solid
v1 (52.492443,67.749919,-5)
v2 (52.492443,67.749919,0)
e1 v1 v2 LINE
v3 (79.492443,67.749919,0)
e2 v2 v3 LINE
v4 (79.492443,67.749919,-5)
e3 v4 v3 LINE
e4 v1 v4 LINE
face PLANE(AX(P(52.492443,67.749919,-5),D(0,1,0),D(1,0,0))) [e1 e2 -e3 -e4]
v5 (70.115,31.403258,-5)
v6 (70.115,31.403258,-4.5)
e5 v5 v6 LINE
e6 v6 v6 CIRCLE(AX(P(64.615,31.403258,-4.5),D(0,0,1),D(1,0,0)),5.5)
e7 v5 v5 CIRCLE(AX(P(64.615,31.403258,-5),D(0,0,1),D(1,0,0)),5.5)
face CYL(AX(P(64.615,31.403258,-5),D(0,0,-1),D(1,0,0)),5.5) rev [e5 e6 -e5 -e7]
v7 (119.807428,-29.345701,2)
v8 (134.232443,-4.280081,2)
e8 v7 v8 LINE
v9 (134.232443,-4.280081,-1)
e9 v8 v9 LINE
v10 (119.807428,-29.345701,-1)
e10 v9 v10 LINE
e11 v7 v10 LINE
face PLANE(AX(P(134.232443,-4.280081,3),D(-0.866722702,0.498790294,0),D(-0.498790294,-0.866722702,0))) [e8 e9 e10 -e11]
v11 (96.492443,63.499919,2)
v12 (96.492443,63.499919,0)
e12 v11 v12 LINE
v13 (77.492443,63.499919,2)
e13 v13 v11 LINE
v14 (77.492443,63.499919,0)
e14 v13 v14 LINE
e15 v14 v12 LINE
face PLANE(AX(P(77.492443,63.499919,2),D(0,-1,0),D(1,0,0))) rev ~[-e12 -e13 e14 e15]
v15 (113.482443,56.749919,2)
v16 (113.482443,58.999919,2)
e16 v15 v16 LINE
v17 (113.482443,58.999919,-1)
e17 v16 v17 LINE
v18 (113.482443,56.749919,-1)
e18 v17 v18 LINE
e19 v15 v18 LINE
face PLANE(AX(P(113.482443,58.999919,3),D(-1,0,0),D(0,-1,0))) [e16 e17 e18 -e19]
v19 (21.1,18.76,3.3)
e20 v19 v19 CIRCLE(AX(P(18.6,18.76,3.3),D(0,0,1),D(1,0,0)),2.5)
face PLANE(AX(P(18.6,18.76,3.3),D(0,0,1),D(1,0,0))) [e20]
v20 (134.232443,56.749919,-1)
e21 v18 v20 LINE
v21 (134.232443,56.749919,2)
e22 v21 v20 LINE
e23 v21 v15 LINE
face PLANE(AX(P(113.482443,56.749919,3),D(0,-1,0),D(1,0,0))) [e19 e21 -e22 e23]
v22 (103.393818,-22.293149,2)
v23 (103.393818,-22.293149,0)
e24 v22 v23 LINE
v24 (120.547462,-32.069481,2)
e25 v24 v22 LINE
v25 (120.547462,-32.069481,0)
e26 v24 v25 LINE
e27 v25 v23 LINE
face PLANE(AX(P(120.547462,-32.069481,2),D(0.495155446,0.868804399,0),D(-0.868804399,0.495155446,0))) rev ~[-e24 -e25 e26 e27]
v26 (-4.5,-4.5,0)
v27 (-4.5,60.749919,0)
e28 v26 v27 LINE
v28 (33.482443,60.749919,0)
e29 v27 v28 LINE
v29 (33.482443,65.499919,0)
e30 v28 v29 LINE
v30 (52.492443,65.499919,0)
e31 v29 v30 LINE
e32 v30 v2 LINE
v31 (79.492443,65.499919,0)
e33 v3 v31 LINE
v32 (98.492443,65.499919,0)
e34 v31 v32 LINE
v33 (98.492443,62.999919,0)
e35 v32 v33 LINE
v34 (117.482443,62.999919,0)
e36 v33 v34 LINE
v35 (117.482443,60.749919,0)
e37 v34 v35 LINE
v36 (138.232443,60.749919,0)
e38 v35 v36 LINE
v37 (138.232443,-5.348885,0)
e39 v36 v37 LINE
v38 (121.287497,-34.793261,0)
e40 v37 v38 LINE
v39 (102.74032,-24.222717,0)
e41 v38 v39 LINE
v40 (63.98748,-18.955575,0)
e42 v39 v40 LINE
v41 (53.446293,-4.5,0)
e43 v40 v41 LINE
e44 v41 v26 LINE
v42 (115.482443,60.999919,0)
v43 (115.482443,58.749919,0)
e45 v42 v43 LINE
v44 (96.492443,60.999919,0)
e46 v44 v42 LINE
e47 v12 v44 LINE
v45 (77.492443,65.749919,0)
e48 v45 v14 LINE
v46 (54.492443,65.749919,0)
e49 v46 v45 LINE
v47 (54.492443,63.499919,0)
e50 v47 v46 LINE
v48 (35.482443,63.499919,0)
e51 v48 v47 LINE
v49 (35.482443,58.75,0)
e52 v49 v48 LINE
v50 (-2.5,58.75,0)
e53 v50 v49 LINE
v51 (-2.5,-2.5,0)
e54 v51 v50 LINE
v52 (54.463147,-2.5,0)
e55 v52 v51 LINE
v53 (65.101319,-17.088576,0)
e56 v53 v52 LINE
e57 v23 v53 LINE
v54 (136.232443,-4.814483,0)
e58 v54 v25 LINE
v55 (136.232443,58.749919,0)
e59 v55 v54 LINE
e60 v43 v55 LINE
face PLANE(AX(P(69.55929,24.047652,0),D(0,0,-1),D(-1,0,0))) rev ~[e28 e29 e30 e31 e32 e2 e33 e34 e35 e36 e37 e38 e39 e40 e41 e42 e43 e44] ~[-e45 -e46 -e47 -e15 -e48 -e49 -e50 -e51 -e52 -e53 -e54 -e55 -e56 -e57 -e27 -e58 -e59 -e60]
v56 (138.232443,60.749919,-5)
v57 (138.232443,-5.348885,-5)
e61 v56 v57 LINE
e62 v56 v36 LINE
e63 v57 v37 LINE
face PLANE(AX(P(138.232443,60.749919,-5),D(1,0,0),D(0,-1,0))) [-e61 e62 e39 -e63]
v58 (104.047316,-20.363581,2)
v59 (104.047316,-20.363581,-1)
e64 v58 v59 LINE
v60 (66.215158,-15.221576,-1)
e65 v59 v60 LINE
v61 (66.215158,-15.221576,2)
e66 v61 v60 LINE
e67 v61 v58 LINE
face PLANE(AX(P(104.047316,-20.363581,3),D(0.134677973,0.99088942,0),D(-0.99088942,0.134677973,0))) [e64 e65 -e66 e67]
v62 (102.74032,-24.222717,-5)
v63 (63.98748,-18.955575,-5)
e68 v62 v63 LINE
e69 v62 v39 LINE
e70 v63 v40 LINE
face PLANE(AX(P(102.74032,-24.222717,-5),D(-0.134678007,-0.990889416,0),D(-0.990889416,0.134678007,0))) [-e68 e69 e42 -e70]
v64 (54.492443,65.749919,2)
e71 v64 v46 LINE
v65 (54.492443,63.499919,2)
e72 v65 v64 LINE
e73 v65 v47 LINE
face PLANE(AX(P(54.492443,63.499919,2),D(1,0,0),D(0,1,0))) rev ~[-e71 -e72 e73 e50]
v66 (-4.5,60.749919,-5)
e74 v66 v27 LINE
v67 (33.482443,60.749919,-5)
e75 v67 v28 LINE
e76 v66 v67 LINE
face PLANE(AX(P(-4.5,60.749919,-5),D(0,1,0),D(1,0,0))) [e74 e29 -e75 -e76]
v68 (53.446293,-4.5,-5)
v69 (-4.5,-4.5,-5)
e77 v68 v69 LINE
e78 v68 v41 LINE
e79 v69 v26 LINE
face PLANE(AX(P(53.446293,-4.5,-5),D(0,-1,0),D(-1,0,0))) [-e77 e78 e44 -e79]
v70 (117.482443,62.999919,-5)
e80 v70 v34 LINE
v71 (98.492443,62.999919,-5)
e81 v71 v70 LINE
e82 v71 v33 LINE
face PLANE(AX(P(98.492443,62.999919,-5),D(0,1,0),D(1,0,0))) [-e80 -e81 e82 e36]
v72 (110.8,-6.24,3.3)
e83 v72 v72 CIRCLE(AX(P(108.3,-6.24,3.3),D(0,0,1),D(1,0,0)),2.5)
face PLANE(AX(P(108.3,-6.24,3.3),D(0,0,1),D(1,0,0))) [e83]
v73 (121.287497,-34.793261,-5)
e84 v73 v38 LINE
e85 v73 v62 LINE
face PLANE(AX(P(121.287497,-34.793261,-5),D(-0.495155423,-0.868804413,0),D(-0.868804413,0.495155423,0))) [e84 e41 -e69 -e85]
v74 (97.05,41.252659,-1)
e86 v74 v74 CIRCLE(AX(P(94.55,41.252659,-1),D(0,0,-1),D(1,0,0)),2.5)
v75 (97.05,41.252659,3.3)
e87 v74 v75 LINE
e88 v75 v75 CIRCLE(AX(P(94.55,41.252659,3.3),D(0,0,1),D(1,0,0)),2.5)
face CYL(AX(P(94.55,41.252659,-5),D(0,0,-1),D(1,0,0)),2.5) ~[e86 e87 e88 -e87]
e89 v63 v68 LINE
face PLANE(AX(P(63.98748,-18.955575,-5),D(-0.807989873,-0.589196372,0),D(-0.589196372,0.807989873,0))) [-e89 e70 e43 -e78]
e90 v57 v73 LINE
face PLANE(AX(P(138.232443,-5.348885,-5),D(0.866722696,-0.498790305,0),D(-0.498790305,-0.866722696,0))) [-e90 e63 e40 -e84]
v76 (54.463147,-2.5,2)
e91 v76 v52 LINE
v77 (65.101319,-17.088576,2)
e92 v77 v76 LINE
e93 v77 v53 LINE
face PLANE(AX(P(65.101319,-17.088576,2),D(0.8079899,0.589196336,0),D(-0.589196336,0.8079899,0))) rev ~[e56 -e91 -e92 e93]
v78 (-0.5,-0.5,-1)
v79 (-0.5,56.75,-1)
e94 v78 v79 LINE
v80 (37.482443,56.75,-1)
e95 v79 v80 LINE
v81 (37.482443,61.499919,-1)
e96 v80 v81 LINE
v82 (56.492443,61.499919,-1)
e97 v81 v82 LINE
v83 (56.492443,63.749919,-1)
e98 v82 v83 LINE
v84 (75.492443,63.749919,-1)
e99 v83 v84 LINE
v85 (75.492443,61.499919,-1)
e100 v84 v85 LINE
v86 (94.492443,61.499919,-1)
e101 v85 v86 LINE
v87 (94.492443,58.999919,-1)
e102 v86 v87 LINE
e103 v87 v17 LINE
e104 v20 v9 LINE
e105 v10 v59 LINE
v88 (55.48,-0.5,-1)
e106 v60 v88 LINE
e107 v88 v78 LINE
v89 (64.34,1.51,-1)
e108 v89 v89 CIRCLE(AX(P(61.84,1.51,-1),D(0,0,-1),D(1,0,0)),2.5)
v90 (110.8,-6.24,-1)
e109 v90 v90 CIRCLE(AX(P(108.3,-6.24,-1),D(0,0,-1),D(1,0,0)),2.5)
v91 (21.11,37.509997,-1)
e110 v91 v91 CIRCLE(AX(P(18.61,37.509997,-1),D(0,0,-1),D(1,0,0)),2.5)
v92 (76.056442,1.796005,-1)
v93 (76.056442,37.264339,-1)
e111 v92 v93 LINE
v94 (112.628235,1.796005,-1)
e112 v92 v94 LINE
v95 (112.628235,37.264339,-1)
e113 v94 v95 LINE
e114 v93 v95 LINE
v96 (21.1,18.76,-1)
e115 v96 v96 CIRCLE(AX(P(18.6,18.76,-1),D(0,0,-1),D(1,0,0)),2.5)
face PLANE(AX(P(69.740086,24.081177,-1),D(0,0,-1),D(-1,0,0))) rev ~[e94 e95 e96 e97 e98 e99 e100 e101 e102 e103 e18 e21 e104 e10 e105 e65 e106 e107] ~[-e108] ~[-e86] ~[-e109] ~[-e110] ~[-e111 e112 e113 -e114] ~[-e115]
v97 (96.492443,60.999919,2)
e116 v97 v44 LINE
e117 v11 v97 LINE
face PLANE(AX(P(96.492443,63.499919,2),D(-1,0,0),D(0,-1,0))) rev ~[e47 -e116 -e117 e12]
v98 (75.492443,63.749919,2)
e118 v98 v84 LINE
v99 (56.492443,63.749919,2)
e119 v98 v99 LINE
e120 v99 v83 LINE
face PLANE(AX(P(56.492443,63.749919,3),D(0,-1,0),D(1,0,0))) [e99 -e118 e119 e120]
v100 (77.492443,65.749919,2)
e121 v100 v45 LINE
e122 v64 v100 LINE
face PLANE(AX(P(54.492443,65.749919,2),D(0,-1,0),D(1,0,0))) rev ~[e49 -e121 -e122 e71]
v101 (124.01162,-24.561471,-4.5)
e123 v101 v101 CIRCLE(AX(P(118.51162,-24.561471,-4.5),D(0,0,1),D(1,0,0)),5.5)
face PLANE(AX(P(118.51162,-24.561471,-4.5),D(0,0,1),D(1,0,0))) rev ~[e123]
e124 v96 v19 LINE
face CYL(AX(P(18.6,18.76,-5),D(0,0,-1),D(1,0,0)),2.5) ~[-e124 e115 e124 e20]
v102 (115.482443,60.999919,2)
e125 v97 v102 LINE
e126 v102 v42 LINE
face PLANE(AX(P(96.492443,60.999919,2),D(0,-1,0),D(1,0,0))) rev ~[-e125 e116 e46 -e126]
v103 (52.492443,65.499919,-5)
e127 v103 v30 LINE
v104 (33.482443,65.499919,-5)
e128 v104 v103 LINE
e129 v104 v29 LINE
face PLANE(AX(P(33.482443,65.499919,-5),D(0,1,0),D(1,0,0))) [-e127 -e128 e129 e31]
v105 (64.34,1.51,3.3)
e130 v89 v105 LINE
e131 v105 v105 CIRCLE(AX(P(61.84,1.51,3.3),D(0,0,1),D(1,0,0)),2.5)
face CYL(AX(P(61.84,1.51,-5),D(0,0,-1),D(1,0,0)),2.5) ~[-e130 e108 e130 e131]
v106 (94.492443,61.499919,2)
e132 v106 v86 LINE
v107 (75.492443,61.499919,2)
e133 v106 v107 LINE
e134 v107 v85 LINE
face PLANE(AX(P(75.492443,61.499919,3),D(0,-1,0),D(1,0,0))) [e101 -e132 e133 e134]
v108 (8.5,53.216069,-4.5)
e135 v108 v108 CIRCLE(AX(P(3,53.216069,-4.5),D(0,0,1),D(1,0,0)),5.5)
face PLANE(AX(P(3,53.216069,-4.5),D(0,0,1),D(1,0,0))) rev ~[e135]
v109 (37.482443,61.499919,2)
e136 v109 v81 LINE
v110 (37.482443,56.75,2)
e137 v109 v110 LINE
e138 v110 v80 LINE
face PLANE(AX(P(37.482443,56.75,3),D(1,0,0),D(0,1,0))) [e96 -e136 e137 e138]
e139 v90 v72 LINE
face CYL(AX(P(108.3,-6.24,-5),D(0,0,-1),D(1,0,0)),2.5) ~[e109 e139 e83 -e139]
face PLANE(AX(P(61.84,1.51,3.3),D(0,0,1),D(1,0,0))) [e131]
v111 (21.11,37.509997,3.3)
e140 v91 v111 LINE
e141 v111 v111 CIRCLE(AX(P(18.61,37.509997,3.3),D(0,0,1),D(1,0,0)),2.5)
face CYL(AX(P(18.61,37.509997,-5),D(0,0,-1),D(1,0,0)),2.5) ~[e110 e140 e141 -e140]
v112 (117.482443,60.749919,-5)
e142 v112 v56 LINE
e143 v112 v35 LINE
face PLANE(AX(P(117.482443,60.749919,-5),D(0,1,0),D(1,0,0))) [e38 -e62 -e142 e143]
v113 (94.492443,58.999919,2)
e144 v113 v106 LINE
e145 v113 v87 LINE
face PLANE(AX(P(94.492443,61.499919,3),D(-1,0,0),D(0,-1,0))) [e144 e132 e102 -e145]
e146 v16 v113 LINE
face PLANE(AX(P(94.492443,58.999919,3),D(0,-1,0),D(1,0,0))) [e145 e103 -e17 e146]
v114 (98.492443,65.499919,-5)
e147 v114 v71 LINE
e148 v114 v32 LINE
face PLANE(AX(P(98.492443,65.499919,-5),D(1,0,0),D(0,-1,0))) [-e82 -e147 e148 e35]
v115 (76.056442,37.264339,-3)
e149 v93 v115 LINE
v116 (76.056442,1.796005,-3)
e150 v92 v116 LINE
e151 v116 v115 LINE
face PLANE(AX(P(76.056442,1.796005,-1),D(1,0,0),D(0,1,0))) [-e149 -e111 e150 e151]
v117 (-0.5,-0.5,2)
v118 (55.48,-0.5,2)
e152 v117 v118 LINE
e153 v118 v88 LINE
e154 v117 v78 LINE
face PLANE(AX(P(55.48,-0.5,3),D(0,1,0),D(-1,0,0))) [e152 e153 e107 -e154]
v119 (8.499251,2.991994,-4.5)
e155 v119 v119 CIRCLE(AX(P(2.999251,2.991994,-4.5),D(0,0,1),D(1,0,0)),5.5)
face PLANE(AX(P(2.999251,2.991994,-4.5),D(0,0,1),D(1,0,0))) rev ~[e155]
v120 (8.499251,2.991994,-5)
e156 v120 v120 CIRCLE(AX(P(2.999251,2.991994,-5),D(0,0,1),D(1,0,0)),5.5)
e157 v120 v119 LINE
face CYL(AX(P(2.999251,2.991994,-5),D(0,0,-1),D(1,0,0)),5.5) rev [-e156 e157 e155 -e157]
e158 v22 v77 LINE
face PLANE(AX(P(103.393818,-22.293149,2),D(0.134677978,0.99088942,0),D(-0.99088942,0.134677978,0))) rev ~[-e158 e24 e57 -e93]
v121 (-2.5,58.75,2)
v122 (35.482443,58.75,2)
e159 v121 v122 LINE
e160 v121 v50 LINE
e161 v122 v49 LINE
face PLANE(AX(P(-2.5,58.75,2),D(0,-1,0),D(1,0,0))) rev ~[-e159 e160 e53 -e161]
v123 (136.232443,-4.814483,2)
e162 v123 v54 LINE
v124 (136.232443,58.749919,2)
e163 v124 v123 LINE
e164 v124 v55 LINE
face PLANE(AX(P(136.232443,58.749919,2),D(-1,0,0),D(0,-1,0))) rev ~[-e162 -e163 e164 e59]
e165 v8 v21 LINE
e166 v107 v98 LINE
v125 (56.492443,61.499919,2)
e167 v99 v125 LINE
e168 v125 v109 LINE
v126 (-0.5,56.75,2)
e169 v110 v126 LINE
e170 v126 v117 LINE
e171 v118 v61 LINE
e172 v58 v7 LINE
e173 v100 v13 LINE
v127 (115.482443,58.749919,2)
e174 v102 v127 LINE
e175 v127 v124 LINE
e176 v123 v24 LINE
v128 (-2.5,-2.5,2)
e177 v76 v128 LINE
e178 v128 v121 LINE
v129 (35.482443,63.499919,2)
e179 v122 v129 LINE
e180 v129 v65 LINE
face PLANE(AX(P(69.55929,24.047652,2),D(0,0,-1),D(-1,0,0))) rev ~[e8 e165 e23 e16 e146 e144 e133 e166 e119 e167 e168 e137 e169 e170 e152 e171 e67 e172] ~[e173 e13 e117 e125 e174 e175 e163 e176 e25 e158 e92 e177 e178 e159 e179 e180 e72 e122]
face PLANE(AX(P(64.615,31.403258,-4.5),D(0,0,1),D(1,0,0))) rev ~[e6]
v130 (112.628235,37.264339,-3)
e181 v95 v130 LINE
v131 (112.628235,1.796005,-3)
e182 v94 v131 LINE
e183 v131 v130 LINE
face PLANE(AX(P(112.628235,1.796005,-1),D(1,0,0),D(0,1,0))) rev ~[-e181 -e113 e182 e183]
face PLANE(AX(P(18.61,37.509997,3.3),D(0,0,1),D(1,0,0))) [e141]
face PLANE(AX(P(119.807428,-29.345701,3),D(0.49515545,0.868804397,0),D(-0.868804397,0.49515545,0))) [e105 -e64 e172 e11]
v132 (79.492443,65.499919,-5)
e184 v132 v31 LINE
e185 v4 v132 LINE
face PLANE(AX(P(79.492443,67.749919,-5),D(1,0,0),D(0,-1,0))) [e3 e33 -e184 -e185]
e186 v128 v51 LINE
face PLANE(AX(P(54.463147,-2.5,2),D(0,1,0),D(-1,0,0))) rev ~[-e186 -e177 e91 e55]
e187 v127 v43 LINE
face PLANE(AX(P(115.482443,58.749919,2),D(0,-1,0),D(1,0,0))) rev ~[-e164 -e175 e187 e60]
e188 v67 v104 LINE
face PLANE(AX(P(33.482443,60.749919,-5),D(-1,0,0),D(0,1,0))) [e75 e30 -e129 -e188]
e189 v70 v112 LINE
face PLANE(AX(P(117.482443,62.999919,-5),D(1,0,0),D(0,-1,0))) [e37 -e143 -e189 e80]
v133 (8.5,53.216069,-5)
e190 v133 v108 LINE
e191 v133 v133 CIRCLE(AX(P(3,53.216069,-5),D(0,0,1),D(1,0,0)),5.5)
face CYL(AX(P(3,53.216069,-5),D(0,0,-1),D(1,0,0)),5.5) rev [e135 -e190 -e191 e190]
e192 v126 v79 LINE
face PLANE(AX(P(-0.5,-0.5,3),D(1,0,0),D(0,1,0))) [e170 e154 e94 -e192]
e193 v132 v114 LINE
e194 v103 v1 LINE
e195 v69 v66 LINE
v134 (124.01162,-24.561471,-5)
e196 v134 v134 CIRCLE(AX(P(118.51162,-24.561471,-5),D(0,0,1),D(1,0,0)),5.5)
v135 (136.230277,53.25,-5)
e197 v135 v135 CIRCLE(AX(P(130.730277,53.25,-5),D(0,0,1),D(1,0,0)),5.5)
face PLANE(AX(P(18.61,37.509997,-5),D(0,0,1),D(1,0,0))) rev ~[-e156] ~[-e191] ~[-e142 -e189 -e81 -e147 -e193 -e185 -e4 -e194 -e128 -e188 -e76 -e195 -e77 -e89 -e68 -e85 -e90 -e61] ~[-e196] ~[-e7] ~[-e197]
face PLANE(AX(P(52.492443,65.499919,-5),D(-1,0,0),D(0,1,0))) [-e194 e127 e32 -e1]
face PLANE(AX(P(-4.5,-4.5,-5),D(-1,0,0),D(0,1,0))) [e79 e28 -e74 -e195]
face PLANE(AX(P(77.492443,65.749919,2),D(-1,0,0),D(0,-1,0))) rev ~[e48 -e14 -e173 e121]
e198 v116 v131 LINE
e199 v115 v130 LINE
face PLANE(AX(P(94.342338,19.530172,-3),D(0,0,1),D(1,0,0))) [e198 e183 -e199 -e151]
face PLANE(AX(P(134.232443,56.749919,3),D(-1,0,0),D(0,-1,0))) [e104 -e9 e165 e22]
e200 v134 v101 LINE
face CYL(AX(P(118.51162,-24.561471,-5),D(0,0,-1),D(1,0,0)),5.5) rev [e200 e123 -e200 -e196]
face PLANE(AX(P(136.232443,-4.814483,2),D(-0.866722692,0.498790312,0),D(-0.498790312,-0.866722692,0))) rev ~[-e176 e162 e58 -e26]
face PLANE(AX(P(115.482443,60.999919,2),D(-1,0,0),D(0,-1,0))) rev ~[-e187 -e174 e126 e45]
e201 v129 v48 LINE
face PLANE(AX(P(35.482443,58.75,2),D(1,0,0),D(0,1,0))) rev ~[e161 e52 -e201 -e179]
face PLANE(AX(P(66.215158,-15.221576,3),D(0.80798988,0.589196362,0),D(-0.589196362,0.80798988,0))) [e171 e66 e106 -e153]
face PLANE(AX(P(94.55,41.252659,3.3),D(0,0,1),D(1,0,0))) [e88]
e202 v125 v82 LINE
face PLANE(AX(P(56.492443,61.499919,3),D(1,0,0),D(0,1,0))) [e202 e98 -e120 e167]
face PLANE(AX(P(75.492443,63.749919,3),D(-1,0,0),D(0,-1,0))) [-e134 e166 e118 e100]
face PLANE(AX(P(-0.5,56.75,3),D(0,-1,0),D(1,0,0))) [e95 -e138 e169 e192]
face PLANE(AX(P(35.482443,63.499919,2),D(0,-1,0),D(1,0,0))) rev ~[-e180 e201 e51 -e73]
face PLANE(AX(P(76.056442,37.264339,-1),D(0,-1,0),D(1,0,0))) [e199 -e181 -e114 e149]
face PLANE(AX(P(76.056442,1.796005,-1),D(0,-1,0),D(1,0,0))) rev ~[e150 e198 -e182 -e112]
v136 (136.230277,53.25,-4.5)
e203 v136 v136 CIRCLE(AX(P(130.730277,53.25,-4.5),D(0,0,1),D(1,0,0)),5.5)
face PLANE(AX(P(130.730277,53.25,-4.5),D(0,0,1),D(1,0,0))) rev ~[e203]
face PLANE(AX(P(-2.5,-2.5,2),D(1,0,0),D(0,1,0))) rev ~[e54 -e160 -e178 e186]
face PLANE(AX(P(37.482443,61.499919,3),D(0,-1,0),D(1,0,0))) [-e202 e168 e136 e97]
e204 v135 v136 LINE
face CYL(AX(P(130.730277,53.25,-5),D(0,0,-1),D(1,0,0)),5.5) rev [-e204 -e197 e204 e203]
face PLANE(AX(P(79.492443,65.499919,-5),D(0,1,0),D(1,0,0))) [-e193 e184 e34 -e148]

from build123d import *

# Parameters (mm, degrees)
PAD008_DEPTH        = 7
POCKET016_DEPTH     = 4
MIRROREDSKETCH012_R = 2.5
PAD009_DEPTH        = 8.3
POCKET017_DEPTH     = 2
MIRROREDSKETCH015_R = 5.5
POCKET019_DEPTH     = 0.5
SKETCH024_W         = 36.571793
SKETCH024_H         = 35.468334
POCKET022_DEPTH     = 2


with BuildPart() as part:
    # MirroredSketch010 → Pad008 (new body)
    with BuildSketch(Plane.XY.offset(-1)):
        Polygon((-4.5, 60.749919), (33.482443, 60.749919), (33.482443, 65.499919), (52.492443, 65.499919), (52.492443, 67.749919), (79.492443, 67.749919), (79.492443, 65.499919), (98.492443, 65.499919), (98.492443, 62.999919), (117.482443, 62.999919), (117.482443, 60.749919), (138.232443, 60.749919), (138.232443, -5.348885), (121.287497, -34.793261), (102.74032, -24.222717), (63.98748, -18.955575), (53.446293, -4.5), (-4.5, -4.5), align=None)
    extrude(amount=PAD008_DEPTH)

    # MirroredSketch011 → Pocket016 (cut)
    with BuildSketch(Plane.XY.offset(7)):
        Polygon((-0.5, -0.5), (-0.5, 56.75), (37.482443, 56.75), (37.482443, 61.499919), (56.492443, 61.499919), (56.492443, 63.749919), (75.492443, 63.749919), (75.492443, 61.499919), (94.492443, 61.499919), (94.492443, 58.999919), (113.482443, 58.999919), (113.482443, 56.749919), (134.232443, 56.749919), (134.232443, -4.280081), (119.807428, -29.345701), (104.047316, -20.363581), (66.215158, -15.221576), (55.48, -0.5), align=None)
    extrude(amount=-POCKET016_DEPTH, mode=Mode.SUBTRACT)

    # MirroredSketch012 → Pad009 (join)
    with BuildSketch(Plane.XY.offset(-1)):
        with Locations((18.61, 37.509997)):
            Circle(MIRROREDSKETCH012_R)
        with Locations((18.6, 18.76)):
            Circle(MIRROREDSKETCH012_R)
        with Locations((94.55, 41.252659)):
            Circle(MIRROREDSKETCH012_R)
        with Locations((61.84, 1.51)):
            Circle(MIRROREDSKETCH012_R)
        with Locations((108.3, -6.24)):
            Circle(MIRROREDSKETCH012_R)
    extrude(amount=PAD009_DEPTH)

    # MirroredSketch014 → Pocket017 (cut)
    with BuildSketch(Plane.XY.offset(6)):
        Polygon((-4.5, 60.749919), (33.482443, 60.749919), (33.482443, 65.499919), (52.492443, 65.499919), (52.492443, 67.749919), (79.492443, 67.749919), (79.492443, 65.499919), (98.492443, 65.499919), (98.492443, 62.999919), (117.482443, 62.999919), (117.482443, 60.749919), (138.232443, 60.749919), (138.232443, -5.348885), (121.287497, -34.793261), (102.74032, -24.222717), (63.98748, -18.955575), (53.446293, -4.5), (-4.5, -4.5), align=None)
        Polygon((-2.5, 58.75), (35.482443, 58.75), (35.482443, 63.499919), (54.492443, 63.499919), (54.492443, 65.749919), (77.492443, 65.749919), (77.492443, 63.499919), (96.492443, 63.499919), (96.492443, 60.999919), (115.482443, 60.999919), (115.482443, 58.749919), (136.232443, 58.749919), (136.232443, -4.814483), (120.547462, -32.069481), (103.393818, -22.293149), (65.101319, -17.088576), (54.463147, -2.5), (-2.5, -2.5), align=None, mode=Mode.SUBTRACT)
    extrude(amount=-POCKET017_DEPTH, mode=Mode.SUBTRACT)

    # MirroredSketch015 → Pocket019 (cut)
    with BuildSketch(Plane.XY.offset(-1)):
        with Locations((2.999251, 2.991994)):
            Circle(MIRROREDSKETCH015_R)
        with Locations((3, 53.216069)):
            Circle(MIRROREDSKETCH015_R)
        with Locations((130.730277, 53.25)):
            Circle(MIRROREDSKETCH015_R)
        with Locations((118.51162, -24.561471)):
            Circle(MIRROREDSKETCH015_R)
        with Locations((64.615, 31.403258)):
            Circle(MIRROREDSKETCH015_R)
    extrude(amount=POCKET019_DEPTH, mode=Mode.SUBTRACT)

    # Sketch024 → Pocket022 (cut)
    with BuildSketch(Plane.XY.offset(3)):
        with Locations((94.342338, 19.530172)):
            Rectangle(SKETCH024_W, SKETCH024_H)
    extrude(amount=-POCKET022_DEPTH, mode=Mode.SUBTRACT)


with BuildPart() as part_1:
    # Body008 placement: moved
    add(part.part.moved(Location((0, 0, -4))))


solid = part_1.part
